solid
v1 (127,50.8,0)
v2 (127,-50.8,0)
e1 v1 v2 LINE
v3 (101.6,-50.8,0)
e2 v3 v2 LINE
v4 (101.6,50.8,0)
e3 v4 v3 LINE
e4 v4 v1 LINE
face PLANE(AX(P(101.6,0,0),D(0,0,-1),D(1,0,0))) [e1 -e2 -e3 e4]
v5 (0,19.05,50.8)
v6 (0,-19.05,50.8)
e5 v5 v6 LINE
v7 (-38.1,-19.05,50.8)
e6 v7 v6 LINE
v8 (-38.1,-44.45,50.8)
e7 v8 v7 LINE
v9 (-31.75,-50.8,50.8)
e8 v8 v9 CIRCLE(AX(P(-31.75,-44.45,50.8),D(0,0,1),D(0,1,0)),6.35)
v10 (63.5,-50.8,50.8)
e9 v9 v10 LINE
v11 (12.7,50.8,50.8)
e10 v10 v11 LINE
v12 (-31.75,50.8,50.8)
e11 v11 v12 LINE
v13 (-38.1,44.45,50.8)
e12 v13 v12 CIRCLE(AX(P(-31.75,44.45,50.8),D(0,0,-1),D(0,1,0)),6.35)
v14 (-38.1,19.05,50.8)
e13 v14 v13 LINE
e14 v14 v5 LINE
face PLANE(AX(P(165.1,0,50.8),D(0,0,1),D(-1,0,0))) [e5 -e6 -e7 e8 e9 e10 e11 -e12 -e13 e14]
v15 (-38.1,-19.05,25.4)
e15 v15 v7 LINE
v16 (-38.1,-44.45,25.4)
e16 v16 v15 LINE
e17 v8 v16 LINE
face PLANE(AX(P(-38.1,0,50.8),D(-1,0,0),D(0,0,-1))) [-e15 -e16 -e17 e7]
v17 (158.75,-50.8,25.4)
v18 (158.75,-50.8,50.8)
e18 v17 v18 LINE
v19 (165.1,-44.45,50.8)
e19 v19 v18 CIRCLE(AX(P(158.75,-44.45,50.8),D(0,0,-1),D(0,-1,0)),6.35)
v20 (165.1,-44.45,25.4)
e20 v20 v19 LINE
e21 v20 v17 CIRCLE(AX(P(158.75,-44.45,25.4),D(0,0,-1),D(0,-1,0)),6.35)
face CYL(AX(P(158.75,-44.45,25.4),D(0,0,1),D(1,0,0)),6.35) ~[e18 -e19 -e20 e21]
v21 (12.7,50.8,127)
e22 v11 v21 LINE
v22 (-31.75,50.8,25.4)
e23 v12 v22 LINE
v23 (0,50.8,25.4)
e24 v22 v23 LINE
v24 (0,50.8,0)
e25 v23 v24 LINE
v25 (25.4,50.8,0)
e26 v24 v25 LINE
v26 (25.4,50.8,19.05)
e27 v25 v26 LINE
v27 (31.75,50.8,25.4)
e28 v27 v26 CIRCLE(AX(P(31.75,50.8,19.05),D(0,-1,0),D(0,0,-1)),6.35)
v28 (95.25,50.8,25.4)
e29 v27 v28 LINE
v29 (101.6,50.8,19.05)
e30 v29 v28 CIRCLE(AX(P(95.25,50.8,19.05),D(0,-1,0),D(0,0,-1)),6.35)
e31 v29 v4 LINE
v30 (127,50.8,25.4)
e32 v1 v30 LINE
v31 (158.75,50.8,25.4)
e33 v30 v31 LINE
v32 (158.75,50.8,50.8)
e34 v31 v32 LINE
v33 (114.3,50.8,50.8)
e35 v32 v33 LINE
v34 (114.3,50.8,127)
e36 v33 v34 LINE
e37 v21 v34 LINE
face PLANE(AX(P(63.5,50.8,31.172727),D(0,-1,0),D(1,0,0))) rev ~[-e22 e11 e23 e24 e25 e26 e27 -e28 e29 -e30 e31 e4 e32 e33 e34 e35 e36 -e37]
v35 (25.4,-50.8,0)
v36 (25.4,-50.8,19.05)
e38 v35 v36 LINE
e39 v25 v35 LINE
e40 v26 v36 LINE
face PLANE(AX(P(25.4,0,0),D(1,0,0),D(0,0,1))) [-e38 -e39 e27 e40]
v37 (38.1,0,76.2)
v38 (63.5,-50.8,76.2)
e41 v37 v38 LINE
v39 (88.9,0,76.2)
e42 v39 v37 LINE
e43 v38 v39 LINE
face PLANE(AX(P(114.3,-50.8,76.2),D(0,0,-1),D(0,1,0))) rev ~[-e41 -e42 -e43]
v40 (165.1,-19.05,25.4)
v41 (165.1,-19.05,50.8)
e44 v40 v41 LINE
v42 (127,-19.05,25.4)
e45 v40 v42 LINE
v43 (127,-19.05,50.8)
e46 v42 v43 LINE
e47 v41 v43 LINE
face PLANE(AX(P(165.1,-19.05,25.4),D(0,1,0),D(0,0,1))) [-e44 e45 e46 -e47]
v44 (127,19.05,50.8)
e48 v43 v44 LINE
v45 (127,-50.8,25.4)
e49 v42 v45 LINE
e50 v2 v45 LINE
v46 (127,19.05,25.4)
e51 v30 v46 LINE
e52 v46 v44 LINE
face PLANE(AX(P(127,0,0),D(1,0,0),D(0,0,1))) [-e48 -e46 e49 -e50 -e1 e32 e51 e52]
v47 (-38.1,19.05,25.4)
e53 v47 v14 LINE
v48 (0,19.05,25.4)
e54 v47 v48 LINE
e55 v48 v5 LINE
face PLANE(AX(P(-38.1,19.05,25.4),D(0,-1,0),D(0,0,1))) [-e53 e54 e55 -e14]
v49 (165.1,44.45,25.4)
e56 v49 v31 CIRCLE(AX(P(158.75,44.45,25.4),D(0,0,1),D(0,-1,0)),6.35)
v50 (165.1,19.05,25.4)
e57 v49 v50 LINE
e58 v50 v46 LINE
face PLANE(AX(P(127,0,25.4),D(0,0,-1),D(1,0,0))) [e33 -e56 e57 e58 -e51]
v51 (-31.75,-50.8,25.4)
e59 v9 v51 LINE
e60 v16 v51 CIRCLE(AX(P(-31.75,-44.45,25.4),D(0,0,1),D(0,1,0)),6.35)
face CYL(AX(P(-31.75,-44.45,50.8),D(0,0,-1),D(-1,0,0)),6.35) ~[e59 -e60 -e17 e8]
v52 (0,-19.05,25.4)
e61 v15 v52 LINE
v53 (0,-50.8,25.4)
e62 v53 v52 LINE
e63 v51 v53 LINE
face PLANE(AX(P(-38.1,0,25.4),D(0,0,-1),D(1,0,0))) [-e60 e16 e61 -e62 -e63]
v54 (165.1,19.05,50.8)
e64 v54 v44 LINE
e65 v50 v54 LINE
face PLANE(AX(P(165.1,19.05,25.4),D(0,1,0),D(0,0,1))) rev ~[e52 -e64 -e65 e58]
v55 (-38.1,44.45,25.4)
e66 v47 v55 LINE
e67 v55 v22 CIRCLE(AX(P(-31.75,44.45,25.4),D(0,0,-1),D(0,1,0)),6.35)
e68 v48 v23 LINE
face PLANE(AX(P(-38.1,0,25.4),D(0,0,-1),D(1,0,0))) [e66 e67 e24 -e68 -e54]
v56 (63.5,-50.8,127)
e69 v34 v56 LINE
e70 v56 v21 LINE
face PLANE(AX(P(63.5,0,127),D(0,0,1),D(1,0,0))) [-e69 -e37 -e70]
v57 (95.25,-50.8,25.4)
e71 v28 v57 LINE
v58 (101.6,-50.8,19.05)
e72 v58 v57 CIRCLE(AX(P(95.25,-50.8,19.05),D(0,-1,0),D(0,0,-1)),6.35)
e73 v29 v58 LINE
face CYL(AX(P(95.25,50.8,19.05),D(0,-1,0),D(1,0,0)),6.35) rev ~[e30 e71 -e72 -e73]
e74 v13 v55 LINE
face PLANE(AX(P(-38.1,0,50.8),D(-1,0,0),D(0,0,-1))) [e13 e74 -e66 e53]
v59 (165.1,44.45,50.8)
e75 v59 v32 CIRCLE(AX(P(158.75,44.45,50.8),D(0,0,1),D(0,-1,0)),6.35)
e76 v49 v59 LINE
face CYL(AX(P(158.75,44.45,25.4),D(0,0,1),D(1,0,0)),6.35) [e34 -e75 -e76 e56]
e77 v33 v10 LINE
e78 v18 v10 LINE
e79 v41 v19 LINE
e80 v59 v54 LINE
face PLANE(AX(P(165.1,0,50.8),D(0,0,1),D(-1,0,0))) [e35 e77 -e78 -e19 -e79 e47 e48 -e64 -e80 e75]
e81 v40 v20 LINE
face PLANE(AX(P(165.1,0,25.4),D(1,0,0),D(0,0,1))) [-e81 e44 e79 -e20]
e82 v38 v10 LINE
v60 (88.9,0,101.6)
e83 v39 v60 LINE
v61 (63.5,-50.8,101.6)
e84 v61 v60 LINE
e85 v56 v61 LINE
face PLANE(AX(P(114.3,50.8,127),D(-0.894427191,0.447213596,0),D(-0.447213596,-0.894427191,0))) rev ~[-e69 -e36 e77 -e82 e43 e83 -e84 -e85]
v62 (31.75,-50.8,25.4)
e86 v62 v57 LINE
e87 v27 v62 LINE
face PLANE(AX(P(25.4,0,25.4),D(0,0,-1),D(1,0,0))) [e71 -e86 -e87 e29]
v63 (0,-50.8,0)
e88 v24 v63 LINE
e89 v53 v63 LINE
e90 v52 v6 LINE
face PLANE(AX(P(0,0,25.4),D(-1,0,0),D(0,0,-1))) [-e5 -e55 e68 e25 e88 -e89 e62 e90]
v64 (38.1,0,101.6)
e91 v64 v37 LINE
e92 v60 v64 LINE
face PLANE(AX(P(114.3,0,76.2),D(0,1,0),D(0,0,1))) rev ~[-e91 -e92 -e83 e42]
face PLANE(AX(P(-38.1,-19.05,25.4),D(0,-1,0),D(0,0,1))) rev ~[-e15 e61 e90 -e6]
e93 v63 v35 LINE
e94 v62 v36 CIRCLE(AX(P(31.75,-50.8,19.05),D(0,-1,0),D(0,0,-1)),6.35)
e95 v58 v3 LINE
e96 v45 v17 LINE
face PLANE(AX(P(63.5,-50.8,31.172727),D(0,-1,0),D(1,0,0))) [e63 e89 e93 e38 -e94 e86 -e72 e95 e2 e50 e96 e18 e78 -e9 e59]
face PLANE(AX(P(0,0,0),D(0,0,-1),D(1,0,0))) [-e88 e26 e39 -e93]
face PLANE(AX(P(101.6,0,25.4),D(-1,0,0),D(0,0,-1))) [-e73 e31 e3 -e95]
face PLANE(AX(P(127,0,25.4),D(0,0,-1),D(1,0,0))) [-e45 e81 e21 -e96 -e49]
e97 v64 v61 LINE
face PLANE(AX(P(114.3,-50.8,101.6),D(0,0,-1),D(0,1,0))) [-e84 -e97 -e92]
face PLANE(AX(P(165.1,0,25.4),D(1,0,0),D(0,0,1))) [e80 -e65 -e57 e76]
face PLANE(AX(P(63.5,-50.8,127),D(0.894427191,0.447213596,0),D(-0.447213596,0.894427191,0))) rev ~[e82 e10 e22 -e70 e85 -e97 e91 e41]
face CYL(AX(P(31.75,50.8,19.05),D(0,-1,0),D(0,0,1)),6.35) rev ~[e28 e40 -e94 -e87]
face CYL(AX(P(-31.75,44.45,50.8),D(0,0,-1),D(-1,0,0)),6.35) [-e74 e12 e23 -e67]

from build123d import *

# Parameters (mm, degrees)
F1_DEPTH  = 50.8
F2_R      = 6.35
F3_W      = 38.1
F3_H      = 25.4
F4_DEPTH  = 38.1
F5_W      = 38.1
F5_H      = 25.4
F6_DEPTH  = 38.1
F7_W      = 101.6
F7_H      = 101.6
F8_DEPTH  = 76.2
F9_W      = 50.8
F9_H      = 25.4
F10_DEPTH = 152.401
F12_DEPTH = 76.2
F14_DEPTH = 76.2
F15_R     = 6.35


with BuildPart() as f1:
    # F0 (on Front) → F1 (new body, symmetric)
    with BuildSketch(Plane.XZ):
        Polygon((0, 25.4), (0, 0), (25.4, 0), (25.4, 25.4), (101.6, 25.4), (101.6, 0), (127, 0), (127, 25.4), (165.1, 25.4), (165.1, 50.8), (-38.1, 50.8), (-38.1, 25.4), align=None)
    extrude(amount=F1_DEPTH, both=True)

    # F2
    f2_edges = [f1.edges().sort_by_distance(p)[0] for p in [
        (-38.1, -50.8, 38.1),
        (165.1, -50.8, 38.1),
        (165.1, 50.8, 38.1),
        (-38.1, 50.8, 38.1),
    ]]
    fillet(f2_edges, radius=F2_R)

    # F3 (on face) → F4 (cut, through all)
    with BuildSketch(Plane.YZ.offset(165.1)):
        with Locations((0, 38.1)):
            Rectangle(F3_W, F3_H)
    extrude(amount=-F4_DEPTH, mode=Mode.SUBTRACT)

    # F5 (on face) → F6 (cut, through all)
    with BuildSketch(Plane(origin=(-38.1, 0, 0), x_dir=(0, -1, 0), z_dir=(-1, 0, 0))):
        with Locations((0, 38.1)):
            Rectangle(F5_W, F5_H)
    extrude(amount=-F6_DEPTH, mode=Mode.SUBTRACT)

    # F7 (on face) → F8 (join)
    with BuildSketch(Plane.XY.offset(50.8)):
        with Locations((63.5, 0)):
            Rectangle(F7_W, F7_H)
    extrude(amount=F8_DEPTH)

    # F9 (on face) → F10 (cut, through all)
    with BuildSketch(Plane.YZ.offset(114.3)):
        with Locations((-25.4, 88.9)):
            Rectangle(F9_W, F9_H)
    extrude(amount=-F10_DEPTH, mode=Mode.SUBTRACT)

    # F11 (on face) → F12 (cut, through all)
    with BuildSketch(Plane.XY.offset(127)):
        Polygon((63.5, -50.8), (12.7, 50.8), (12.7, -50.8), align=None)
    extrude(amount=-F12_DEPTH, mode=Mode.SUBTRACT)

    # F13 (on face) → F14 (cut, through all)
    with BuildSketch(Plane.XY.offset(127)):
        Polygon((114.3, 50.8), (63.5, -50.8), (114.3, -50.8), align=None)
    extrude(amount=-F14_DEPTH, mode=Mode.SUBTRACT)

    # F15
    f15_edges = [f1.edges().sort_by_distance(p)[0] for p in [
        (25.4, 0, 25.4),
        (101.6, 0, 25.4),
    ]]
    fillet(f15_edges, radius=F15_R)


solid = f1.part
